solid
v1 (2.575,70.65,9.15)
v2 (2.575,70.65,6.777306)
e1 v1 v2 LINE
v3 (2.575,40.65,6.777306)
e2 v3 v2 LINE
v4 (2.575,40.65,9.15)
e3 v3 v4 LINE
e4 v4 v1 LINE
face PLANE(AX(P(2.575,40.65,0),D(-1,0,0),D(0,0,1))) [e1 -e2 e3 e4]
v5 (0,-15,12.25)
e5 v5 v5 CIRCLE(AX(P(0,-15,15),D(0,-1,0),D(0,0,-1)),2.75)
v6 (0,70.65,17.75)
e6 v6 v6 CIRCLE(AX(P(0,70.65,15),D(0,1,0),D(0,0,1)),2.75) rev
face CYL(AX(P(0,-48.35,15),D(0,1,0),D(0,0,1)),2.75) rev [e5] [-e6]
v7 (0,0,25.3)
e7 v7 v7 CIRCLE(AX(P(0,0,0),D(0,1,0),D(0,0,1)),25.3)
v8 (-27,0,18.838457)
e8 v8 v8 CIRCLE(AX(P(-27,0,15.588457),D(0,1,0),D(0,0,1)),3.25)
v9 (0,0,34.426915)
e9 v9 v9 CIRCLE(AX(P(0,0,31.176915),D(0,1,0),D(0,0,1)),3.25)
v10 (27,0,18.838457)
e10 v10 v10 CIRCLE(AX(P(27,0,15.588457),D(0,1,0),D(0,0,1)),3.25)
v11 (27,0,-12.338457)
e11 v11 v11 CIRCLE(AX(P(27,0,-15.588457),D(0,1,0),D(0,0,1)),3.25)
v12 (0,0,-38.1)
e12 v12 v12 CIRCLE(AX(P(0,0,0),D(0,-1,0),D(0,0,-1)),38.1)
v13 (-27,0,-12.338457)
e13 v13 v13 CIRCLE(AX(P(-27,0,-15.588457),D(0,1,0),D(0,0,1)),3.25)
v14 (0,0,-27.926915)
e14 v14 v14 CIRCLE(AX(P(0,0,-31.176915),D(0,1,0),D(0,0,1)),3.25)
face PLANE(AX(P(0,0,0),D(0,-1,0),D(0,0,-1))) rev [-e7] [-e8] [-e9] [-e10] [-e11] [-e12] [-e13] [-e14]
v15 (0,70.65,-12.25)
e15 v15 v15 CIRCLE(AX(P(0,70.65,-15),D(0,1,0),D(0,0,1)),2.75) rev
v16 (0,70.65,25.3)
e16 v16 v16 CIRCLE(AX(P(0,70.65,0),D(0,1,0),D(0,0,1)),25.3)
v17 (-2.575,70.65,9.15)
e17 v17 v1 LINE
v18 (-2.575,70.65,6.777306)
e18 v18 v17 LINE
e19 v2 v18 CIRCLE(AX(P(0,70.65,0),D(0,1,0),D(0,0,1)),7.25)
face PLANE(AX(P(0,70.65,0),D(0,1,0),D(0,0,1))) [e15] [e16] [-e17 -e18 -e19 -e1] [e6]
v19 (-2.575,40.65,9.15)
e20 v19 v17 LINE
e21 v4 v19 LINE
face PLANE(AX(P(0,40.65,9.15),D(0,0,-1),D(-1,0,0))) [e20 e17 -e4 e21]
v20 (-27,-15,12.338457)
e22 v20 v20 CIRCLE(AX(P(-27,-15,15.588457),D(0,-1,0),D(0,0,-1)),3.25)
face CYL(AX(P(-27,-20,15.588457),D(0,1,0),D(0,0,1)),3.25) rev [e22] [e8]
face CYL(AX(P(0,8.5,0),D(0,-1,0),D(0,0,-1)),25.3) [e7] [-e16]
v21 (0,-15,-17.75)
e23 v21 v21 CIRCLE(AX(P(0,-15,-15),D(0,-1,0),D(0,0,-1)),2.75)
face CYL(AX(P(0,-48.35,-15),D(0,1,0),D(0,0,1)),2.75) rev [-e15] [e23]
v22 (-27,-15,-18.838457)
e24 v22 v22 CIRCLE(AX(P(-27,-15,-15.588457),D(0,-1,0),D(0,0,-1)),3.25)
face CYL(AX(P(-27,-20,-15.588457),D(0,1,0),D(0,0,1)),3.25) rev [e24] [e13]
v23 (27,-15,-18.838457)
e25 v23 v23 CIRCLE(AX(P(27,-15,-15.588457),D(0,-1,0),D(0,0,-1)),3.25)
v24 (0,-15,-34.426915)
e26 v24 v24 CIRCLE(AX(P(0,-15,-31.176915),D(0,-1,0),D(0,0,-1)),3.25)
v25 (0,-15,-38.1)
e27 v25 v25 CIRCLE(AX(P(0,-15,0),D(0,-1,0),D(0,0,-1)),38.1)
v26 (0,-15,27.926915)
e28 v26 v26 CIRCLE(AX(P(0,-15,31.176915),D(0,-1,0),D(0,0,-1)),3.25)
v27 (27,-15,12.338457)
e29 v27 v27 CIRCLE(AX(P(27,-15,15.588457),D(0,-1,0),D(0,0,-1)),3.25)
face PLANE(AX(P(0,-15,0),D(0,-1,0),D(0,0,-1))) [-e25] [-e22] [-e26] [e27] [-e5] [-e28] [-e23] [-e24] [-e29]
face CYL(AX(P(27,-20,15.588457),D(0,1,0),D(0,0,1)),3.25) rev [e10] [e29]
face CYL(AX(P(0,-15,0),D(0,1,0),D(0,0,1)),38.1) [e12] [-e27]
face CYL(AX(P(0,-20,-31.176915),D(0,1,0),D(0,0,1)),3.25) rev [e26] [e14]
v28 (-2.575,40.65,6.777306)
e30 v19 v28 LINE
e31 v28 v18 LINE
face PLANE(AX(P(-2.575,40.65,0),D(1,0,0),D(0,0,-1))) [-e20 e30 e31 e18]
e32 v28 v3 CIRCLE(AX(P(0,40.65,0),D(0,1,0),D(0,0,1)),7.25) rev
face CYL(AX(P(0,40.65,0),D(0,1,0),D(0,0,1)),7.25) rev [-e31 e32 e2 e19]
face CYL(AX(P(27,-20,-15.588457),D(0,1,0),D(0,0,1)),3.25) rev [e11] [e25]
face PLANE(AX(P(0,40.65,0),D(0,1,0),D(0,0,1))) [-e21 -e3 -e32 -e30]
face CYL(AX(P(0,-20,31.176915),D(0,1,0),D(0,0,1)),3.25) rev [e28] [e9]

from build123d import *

# Parameters (mm, degrees)
SKETCH1_R           = 25.3
BOSS_EXTRUDE1_DEPTH = 8.5
SKETCH2_R           = 25.3
BOSS_EXTRUDE2_DEPTH = 57.15
SKETCH7_R           = 25.3
BOSS_EXTRUDE4_DEPTH = 15
CUT_EXTRUDE3_DEPTH  = 115
SKETCH6_R           = 38.1
BOSS_EXTRUDE3_DEPTH = 15
SKETCH9_R           = 3.25
CUT_EXTRUDE4_DEPTH  = 20
SKETCH10_R          = 2.75
CUT_EXTRUDE6_DEPTH  = 129
BOSS_EXTRUDE5_START = -93
BOSS_EXTRUDE5_DEPTH = 93
CUT_EXTRUDE7_DEPTH  = 40
CUT_EXTRUDE8_START  = -10
SKETCH12_R          = 25.3
CUT_EXTRUDE8_DEPTH  = 10


with BuildPart() as part:
    # Sketch1 → Boss-Extrude1 (new body)
    with BuildSketch(Plane(origin=(0, 0, 0), x_dir=(1, 0, 0), z_dir=(0, 1, 0))):
        Circle(SKETCH1_R)
    extrude(amount=BOSS_EXTRUDE1_DEPTH)

    # Sketch2 → Boss-Extrude2 (add)
    with BuildSketch(Plane(origin=(0, 8.5, 0), x_dir=(1, 0, 0), z_dir=(0, 1, 0))):
        Circle(SKETCH2_R)
    extrude(amount=BOSS_EXTRUDE2_DEPTH)

    # Sketch7 → Boss-Extrude4 (add)
    with BuildSketch(Plane(origin=(0, 65.65, 0), x_dir=(1, 0, 0), z_dir=(0, 1, 0))):
        Circle(SKETCH7_R)
    extrude(amount=BOSS_EXTRUDE4_DEPTH)

    # Sketch5 → Cut-Extrude3 (cut)
    with BuildSketch(Plane.XZ):
        with BuildLine():
            Line((2.575, 9.15), (-2.575, 9.15))
            Line((-2.575, 9.15), (-2.575, 6.777305881))
            ThreePointArc((-2.575, 6.777305881), (0, -7.25), (2.575, 6.777305881))
            Line((2.575, 6.777305881), (2.575, 9.15))
        make_face()
    extrude(amount=-CUT_EXTRUDE3_DEPTH, mode=Mode.SUBTRACT)

    # Sketch6 → Boss-Extrude3 (add)
    with BuildSketch(Plane.XZ):
        Circle(SKETCH6_R)
    extrude(amount=BOSS_EXTRUDE3_DEPTH)

    # Sketch9 → Cut-Extrude4 (cut)
    with BuildSketch(Plane(origin=(0, 0, 0), x_dir=(1, 0, 0), z_dir=(0, 1, 0))):
        with Locations((0, 31.176914536)):
            Circle(SKETCH9_R)
        with Locations((-27, 15.588457268)):
            Circle(SKETCH9_R)
        with Locations((27, 15.588457268)):
            Circle(SKETCH9_R)
        with Locations((-27, -15.588457268)):
            Circle(SKETCH9_R)
        with Locations((27, -15.588457268)):
            Circle(SKETCH9_R)
        with Locations((0, -31.176914536)):
            Circle(SKETCH9_R)
    extrude(amount=-CUT_EXTRUDE4_DEPTH, mode=Mode.SUBTRACT)

    # Sketch10 → Cut-Extrude6 (cut)
    with BuildSketch(Plane(origin=(0, 80.65, 0), x_dir=(1, 0, 0), z_dir=(0, 1, 0))):
        with Locations((0, 15)):
            Circle(SKETCH10_R)
        with Locations((0, -15)):
            Circle(SKETCH10_R)
    extrude(amount=-CUT_EXTRUDE6_DEPTH, mode=Mode.SUBTRACT)

    # Sketch11 → Boss-Extrude5 (add)
    with BuildSketch(Plane(origin=(0, 80.65, 0), x_dir=(1, 0, 0), z_dir=(0, 1, 0)).offset(BOSS_EXTRUDE5_START)):
        with BuildLine():
            Line((2.575, -9.15), (2.575, -6.777305881))
            ThreePointArc((2.575, -6.777305881), (0, 7.25), (-2.575, -6.777305881))
            Line((-2.575, -6.777305881), (-2.575, -9.15))
            Line((-2.575, -9.15), (2.575, -9.15))
        make_face()
    extrude(amount=BOSS_EXTRUDE5_DEPTH)

    # Sketch11<3> → Cut-Extrude7 (cut)
    with BuildSketch(Plane(origin=(0, 80.65, 0), x_dir=(1, 0, 0), z_dir=(0, 1, 0))):
        with BuildLine():
            Line((2.575, -9.15), (2.575, -6.777305881))
            ThreePointArc((2.575, -6.777305881), (0, 7.25), (-2.575, -6.777305881))
            Line((-2.575, -6.777305881), (-2.575, -9.15))
            Line((-2.575, -9.15), (2.575, -9.15))
        make_face()
    extrude(amount=-CUT_EXTRUDE7_DEPTH, mode=Mode.SUBTRACT)

    # Sketch12 → Cut-Extrude8 (cut)
    with BuildSketch(Plane(origin=(0, 80.65, 0), x_dir=(1, 0, 0), z_dir=(0, 1, 0)).offset(CUT_EXTRUDE8_START)):
        Circle(SKETCH12_R)
    extrude(amount=CUT_EXTRUDE8_DEPTH, mode=Mode.SUBTRACT)


solid = part.part
